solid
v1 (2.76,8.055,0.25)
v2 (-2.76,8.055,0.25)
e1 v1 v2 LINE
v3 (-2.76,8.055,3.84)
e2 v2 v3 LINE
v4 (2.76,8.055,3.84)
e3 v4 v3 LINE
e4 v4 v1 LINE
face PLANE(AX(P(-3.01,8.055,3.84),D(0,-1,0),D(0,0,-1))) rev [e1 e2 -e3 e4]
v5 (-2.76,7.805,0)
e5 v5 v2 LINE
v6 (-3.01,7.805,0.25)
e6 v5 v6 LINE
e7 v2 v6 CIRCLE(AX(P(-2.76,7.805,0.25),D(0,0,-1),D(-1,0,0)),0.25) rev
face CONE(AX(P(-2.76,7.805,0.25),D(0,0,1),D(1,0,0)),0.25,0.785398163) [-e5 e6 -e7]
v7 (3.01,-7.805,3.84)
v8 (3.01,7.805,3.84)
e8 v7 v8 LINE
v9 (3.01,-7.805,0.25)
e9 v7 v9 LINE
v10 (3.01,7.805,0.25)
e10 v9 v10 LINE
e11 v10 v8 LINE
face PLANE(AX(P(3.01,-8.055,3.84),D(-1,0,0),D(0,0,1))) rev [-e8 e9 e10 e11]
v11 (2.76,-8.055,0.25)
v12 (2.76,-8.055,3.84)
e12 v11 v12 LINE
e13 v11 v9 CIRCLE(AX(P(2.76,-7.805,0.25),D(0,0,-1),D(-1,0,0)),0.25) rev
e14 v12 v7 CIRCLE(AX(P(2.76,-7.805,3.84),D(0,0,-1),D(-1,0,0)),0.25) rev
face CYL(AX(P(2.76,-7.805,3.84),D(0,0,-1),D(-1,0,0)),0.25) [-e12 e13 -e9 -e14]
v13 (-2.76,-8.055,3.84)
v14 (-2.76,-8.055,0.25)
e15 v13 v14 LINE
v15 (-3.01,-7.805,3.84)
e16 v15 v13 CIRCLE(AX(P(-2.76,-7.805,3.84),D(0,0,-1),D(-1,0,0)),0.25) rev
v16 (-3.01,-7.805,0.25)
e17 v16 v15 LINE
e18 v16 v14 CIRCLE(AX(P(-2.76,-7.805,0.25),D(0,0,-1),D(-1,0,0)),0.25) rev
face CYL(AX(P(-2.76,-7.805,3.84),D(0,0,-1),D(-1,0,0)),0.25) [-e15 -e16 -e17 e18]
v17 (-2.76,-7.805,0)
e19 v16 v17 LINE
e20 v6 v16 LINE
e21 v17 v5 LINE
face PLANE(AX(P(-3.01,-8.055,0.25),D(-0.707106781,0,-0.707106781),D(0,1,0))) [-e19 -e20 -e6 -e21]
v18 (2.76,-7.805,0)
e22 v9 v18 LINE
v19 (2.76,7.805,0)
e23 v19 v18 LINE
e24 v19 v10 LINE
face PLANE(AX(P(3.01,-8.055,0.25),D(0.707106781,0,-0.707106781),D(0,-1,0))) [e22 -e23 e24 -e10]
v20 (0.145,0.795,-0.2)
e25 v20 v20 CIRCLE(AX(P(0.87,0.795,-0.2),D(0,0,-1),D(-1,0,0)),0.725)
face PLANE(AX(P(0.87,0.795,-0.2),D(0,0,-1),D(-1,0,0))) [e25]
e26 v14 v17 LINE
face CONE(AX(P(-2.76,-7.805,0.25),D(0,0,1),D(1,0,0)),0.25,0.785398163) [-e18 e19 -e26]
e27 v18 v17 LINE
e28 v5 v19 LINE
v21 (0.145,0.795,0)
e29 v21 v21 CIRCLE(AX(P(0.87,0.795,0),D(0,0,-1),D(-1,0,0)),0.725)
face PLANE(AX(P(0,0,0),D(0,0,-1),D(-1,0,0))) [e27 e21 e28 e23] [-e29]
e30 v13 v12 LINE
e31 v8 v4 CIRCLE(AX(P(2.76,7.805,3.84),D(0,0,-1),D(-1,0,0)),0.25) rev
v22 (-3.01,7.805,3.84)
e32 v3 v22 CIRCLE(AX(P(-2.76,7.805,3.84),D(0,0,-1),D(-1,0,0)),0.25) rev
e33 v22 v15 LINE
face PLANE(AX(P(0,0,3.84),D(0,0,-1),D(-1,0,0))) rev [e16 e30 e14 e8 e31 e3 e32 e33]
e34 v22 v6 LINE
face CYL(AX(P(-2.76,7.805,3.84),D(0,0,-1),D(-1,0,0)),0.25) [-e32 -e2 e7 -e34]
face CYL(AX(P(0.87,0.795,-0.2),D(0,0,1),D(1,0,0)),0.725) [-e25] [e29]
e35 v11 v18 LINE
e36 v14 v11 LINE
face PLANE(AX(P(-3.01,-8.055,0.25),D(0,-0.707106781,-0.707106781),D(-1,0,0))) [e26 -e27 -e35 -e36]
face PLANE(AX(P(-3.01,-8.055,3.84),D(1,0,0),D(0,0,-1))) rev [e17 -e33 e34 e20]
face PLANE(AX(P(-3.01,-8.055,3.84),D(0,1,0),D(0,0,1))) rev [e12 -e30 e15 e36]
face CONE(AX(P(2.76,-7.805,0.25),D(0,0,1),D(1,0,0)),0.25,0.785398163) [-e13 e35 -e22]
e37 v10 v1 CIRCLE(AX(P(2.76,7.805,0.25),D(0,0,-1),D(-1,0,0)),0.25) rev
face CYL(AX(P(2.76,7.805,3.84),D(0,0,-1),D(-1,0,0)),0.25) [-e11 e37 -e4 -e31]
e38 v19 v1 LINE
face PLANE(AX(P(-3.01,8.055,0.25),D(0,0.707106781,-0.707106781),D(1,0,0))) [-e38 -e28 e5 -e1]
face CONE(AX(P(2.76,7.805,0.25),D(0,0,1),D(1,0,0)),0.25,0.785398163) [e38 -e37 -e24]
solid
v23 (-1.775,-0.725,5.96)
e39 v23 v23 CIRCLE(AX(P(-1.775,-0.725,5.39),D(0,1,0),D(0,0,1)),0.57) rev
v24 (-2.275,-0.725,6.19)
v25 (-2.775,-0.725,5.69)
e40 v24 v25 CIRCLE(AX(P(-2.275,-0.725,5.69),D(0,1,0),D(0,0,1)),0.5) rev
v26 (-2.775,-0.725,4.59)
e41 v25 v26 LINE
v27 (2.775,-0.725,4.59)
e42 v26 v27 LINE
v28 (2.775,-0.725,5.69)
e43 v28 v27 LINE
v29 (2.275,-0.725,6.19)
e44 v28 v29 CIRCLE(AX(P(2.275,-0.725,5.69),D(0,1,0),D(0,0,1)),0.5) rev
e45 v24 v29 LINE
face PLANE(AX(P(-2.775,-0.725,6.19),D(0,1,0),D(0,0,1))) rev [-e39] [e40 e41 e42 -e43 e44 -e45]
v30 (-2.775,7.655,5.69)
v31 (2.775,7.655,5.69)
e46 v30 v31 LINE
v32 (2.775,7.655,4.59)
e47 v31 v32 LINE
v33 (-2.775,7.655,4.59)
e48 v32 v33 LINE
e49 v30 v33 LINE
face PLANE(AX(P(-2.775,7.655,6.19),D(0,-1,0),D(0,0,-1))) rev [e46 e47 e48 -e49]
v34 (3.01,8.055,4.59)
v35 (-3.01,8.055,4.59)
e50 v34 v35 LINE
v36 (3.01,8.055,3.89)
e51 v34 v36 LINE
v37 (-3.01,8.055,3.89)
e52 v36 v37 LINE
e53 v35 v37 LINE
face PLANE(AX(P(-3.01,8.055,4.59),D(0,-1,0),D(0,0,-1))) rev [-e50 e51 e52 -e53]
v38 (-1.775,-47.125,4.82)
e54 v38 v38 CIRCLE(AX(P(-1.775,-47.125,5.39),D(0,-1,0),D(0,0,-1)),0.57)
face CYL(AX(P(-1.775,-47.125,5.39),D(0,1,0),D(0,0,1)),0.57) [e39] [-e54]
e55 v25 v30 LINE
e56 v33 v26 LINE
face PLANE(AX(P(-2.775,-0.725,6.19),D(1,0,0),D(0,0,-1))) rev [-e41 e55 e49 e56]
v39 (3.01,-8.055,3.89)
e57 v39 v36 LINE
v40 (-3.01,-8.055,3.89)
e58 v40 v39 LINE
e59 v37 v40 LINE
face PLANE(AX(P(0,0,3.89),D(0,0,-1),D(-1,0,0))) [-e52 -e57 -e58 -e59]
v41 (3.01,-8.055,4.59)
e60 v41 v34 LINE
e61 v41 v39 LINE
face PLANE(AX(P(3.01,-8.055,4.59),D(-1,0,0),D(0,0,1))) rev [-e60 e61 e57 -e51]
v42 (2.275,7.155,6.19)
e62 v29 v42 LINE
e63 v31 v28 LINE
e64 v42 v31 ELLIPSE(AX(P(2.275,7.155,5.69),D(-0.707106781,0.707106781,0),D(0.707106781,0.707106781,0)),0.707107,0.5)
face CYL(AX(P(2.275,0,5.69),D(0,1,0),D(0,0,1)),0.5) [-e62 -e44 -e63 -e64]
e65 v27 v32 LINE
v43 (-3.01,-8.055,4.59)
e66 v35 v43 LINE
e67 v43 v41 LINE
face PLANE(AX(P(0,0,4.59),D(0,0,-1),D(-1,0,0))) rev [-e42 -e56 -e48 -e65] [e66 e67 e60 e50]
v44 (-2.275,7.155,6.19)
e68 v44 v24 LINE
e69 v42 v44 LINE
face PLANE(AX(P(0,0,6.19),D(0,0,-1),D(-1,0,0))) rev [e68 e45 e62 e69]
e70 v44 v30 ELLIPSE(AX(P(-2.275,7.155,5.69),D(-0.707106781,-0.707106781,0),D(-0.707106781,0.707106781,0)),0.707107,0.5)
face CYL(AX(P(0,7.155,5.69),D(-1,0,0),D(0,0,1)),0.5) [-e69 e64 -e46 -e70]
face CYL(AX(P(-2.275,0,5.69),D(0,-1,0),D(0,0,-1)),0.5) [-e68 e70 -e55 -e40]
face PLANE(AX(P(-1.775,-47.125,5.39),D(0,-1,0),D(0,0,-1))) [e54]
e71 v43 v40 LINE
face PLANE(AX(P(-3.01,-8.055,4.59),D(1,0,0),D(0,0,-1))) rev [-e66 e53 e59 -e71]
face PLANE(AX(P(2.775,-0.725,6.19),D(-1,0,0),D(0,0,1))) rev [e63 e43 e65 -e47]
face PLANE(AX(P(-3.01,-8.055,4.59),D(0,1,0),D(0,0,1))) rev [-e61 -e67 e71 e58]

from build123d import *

# Parameters (mm, degrees)
SKETCH_1_W      = 6.02
SKETCH_1_H      = 16.11
EXTRUDE_1_DEPTH = 3.84
SKETCH_2_R      = 0.725
EXTRUDE_2_DEPTH = 0.2
SKETCH_3_W      = 6.02
SKETCH_3_H      = 16.11
EXTRUDE_3_DEPTH = 0.7
SKETCH_4_W      = 5.55
SKETCH_4_H      = 8.38
EXTRUDE_4_DEPTH = 1.6
SKETCH_5_R      = 0.57
EXTRUDE_5_DEPTH = 46.4
FILLET_1_R      = 0.5
FILLET_2_R      = 0.25
CHAMFER_1_SIZE  = 0.25


with BuildPart() as part:
    # Эскиз1 → Бобышка-Вытянуть1 (new body)
    with BuildSketch(Plane.XY):
        Rectangle(SKETCH_1_W, SKETCH_1_H)
    extrude(amount=EXTRUDE_1_DEPTH)

    # Эскиз2 → Бобышка-Вытянуть2 (add)
    with BuildSketch(Plane(origin=(0, 0, 0), x_dir=(-1, 0, 0), z_dir=(0, 0, -1))):
        with Locations((-0.87, 0.795)):
            Circle(SKETCH_2_R)
    extrude(amount=EXTRUDE_2_DEPTH)

    # Скругление2
    fillet_2_edges = [part.edges().sort_by_distance(p)[0] for p in [
        (3.01, -8.055, 1.92),
        (-3.01, -8.055, 1.92),
        (-3.01, 8.055, 1.92),
        (3.01, 8.055, 1.92),
    ]]
    fillet(fillet_2_edges, radius=FILLET_2_R)

    # Фаска1
    chamfer_1_edges = [part.edges().sort_by_distance(p)[0] for p in [
        (0, -8.055, 0),
        (3.01, 0, 0),
        (-3.01, 0, 0),
        (0, 8.055, 0),
        (-2.936776695, 7.981776695, 0),
        (2.936776695, 7.981776695, 0),
        (2.936776695, -7.981776695, 0),
        (-2.936776695, -7.981776695, 0),
    ]]
    chamfer(chamfer_1_edges, length=CHAMFER_1_SIZE)


with BuildPart() as body_2:
    # Эскиз3 → Бобышка-Вытянуть3 (new body)
    with BuildSketch(Plane.XY.offset(3.89)):
        Rectangle(SKETCH_3_W, SKETCH_3_H)
    extrude(amount=EXTRUDE_3_DEPTH)

    # Эскиз4 → Бобышка-Вытянуть4 (add)
    with BuildSketch(Plane.XY.offset(4.59)):
        with Locations((0, 3.465)):
            Rectangle(SKETCH_4_W, SKETCH_4_H)
    extrude(amount=EXTRUDE_4_DEPTH)

    # Эскиз5 → Бобышка-Вытянуть5 (add)
    with BuildSketch(Plane.XZ.offset(0.725)):
        with Locations(Location((-1.775, 5.39, 0), (0, 0, 90))):
            Circle(SKETCH_5_R)
    extrude(amount=EXTRUDE_5_DEPTH)

    # Скругление1
    fillet_1_edges = [body_2.edges().sort_by_distance(p)[0] for p in [
        (2.775, 3.465, 6.19),
        (0, 7.655, 6.19),
        (-2.775, 3.465, 6.19),
    ]]
    fillet(fillet_1_edges, radius=FILLET_1_R)


solid = Compound([part.part, body_2.part])
